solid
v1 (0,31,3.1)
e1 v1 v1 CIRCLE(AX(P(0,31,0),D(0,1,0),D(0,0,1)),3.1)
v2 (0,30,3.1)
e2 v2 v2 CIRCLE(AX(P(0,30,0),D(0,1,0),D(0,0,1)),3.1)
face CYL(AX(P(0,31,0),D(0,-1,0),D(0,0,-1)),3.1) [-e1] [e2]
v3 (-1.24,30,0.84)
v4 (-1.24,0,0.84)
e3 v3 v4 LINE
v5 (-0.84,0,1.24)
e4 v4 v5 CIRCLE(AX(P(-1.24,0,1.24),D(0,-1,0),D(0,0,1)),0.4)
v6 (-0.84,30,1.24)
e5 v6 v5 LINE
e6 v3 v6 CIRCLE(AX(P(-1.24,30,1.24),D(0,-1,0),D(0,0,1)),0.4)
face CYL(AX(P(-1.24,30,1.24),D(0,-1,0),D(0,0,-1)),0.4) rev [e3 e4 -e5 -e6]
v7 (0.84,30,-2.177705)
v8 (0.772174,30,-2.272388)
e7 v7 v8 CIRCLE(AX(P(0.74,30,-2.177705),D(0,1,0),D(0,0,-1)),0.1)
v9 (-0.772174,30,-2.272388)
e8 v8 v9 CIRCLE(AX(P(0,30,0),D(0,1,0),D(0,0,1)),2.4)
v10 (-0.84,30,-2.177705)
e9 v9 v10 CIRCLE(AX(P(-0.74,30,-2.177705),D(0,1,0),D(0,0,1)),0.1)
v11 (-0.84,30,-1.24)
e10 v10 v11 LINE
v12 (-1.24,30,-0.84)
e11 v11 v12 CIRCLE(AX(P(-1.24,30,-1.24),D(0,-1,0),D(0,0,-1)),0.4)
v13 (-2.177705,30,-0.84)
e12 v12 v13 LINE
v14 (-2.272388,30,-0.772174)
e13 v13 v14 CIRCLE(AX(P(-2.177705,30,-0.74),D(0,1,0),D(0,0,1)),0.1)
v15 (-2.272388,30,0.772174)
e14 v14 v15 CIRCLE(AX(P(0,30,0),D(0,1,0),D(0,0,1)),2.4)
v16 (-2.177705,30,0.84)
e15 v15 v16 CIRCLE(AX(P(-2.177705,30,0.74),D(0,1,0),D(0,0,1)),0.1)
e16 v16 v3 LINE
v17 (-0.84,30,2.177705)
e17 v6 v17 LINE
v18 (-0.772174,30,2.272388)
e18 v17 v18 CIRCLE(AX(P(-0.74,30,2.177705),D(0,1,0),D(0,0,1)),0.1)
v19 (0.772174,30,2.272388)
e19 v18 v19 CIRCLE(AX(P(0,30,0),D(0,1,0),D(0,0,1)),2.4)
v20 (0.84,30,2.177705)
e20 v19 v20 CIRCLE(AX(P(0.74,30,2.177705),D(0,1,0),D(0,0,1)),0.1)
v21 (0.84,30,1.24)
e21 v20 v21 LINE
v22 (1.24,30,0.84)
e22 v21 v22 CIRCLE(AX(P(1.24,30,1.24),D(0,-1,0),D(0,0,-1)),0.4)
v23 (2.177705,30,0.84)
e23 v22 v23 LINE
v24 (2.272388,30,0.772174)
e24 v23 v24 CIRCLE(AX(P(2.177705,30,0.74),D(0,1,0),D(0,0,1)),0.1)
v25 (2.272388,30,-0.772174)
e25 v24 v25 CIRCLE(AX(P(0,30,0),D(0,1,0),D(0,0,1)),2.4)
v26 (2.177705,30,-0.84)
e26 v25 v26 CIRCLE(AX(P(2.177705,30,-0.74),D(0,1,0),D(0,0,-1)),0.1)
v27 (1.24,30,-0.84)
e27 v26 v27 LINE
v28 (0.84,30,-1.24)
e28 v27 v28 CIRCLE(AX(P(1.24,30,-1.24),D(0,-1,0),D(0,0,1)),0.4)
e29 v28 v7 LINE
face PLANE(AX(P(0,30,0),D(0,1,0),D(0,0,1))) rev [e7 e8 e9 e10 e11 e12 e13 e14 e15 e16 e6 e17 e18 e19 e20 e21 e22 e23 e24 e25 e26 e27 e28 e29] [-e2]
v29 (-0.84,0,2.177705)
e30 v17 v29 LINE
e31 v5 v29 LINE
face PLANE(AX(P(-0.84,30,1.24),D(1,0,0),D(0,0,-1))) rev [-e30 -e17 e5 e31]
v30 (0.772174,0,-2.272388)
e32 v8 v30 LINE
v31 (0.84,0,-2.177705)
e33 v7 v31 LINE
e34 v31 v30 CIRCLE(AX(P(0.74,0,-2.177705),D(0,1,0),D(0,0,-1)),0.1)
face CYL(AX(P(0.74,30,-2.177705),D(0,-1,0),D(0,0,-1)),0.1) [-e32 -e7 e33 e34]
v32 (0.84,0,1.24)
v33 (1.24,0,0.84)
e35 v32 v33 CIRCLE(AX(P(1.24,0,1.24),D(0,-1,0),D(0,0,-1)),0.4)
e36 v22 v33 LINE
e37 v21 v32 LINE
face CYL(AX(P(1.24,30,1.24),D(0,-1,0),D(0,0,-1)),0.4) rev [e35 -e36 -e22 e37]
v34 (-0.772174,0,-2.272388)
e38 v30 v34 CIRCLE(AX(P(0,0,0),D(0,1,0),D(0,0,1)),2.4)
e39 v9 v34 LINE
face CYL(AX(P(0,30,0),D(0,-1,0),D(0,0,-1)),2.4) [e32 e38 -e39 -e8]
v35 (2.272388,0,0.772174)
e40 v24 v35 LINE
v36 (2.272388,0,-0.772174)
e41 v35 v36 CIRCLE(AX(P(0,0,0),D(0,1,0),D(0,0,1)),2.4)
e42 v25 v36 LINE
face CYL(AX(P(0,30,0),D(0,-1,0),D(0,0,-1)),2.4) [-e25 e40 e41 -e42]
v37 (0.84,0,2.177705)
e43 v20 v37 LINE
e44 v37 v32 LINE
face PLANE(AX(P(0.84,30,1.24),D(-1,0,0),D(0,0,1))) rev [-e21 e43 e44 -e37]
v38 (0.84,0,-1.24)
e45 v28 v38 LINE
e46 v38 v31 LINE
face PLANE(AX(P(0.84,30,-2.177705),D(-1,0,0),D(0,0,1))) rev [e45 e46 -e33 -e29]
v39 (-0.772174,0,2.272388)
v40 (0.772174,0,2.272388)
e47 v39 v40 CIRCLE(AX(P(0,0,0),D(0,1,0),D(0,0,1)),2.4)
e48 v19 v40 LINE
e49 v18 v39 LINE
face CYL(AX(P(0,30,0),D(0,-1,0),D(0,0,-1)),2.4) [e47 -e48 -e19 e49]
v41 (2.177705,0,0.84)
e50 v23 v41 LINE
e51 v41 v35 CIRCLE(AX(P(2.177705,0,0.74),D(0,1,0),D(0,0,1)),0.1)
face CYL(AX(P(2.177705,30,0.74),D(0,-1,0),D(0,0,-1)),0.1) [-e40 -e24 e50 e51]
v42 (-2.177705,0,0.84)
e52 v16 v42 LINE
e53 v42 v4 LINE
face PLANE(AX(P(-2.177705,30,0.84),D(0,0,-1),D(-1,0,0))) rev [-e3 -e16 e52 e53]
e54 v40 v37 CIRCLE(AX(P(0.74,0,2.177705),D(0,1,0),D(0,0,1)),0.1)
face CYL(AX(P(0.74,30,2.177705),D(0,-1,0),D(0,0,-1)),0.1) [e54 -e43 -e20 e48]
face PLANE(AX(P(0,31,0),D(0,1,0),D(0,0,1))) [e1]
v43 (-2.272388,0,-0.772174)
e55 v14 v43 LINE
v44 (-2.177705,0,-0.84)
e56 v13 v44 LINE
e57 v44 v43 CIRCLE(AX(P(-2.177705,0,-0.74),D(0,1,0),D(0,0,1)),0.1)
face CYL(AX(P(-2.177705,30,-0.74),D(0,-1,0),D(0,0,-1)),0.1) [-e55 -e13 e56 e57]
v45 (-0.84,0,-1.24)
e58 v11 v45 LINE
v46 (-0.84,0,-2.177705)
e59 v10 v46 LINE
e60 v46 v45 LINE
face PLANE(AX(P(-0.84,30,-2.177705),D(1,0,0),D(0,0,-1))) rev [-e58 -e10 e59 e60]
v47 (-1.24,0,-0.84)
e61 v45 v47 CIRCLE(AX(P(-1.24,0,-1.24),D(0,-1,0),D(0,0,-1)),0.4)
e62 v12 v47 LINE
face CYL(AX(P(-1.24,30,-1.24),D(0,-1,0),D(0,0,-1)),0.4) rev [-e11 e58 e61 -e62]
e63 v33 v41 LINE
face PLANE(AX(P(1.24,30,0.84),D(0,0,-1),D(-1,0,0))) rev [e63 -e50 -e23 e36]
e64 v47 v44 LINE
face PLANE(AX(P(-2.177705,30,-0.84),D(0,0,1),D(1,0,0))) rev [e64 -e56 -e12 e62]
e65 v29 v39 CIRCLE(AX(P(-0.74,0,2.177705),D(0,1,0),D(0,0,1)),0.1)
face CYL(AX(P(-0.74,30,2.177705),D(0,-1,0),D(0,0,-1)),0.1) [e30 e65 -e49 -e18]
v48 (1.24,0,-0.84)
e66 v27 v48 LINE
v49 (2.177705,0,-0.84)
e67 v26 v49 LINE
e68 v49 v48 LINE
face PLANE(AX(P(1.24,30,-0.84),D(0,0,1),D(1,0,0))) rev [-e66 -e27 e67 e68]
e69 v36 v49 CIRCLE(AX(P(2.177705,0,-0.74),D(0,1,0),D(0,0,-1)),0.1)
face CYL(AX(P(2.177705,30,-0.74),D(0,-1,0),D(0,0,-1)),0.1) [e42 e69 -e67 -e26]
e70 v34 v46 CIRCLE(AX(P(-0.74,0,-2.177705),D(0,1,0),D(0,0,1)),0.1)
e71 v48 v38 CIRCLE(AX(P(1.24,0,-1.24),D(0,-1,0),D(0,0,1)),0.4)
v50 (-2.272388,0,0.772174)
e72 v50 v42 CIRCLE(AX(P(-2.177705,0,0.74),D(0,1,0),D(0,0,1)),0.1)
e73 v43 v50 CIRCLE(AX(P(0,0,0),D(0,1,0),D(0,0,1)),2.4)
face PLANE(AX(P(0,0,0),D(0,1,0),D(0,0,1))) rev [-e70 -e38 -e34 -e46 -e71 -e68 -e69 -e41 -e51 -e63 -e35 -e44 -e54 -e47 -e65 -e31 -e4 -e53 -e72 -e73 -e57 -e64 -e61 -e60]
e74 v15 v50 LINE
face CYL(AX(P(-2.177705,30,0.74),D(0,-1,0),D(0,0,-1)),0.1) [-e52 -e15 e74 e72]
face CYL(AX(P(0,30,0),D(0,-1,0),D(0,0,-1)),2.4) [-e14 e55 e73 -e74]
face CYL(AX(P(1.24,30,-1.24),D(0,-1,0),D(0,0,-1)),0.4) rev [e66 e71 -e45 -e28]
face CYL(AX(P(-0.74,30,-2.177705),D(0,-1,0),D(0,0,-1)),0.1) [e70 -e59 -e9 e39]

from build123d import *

# Parameters (mm, degrees)
SKETCH2_R           = 3.1
BOSS_EXTRUDE1_DEPTH = 31
SKETCH3_R           = 3.1
CUT_EXTRUDE1_DEPTH  = 30


with BuildPart() as part:
    # Sketch2 → Boss-Extrude1 (new body)
    with BuildSketch(Plane(origin=(0, 0, 0), x_dir=(1, 0, 0), z_dir=(0, 1, 0))):
        with Locations(Location((0, 0, 0), (0, 0, 270))):
            Circle(SKETCH2_R)
    extrude(amount=BOSS_EXTRUDE1_DEPTH)

    # Sketch3 → Cut-Extrude1 (cut)
    with BuildSketch(Plane(origin=(0, 0, 0), x_dir=(1, 0, 0), z_dir=(0, 1, 0))):
        with Locations(Location((0, 0, 0), (0, 0, 270))):
            Circle(SKETCH3_R)
        with BuildLine():
            Line((-0.84, -1.24), (-0.84, -2.177705214))
            ThreePointArc((-0.84, -2.177705214), (-0.821293884, -2.235940121), (-0.772173913, -2.27238805))
            ThreePointArc((-0.772173913, -2.27238805), (0, -2.4), (0.772173913, -2.27238805))
            ThreePointArc((0.772173913, -2.27238805), (0.821293884, -2.235940121), (0.84, -2.177705214))
            Line((0.84, -2.177705214), (0.84, -1.24))
            ThreePointArc((0.84, -1.24), (0.957157288, -0.957157288), (1.24, -0.84))
            Line((1.24, -0.84), (2.177705214, -0.84))
            ThreePointArc((2.177705214, -0.84), (2.235940121, -0.821293884), (2.27238805, -0.772173913))
            ThreePointArc((2.27238805, -0.772173913), (2.4, 0), (2.27238805, 0.772173913))
            ThreePointArc((2.27238805, 0.772173913), (2.235940121, 0.821293884), (2.177705214, 0.84))
            Line((2.177705214, 0.84), (1.24, 0.84))
            ThreePointArc((1.24, 0.84), (0.957157288, 0.957157288), (0.84, 1.24))
            Line((0.84, 1.24), (0.84, 2.177705214))
            ThreePointArc((0.84, 2.177705214), (0.821293884, 2.235940121), (0.772173913, 2.27238805))
            ThreePointArc((0.772173913, 2.27238805), (0, 2.4), (-0.772173913, 2.27238805))
            ThreePointArc((-0.772173913, 2.27238805), (-0.821293884, 2.235940121), (-0.84, 2.177705214))
            Line((-0.84, 2.177705214), (-0.84, 1.24))
            ThreePointArc((-0.84, 1.24), (-0.957157288, 0.957157288), (-1.24, 0.84))
            Line((-1.24, 0.84), (-2.177705214, 0.84))
            ThreePointArc((-2.177705214, 0.84), (-2.235940121, 0.821293884), (-2.27238805, 0.772173913))
            ThreePointArc((-2.27238805, 0.772173913), (-2.4, 0), (-2.27238805, -0.772173913))
            ThreePointArc((-2.27238805, -0.772173913), (-2.235940121, -0.821293884), (-2.177705214, -0.84))
            Line((-2.177705214, -0.84), (-1.24, -0.84))
            ThreePointArc((-1.24, -0.84), (-0.957157288, -0.957157288), (-0.84, -1.24))
        make_face(mode=Mode.SUBTRACT)
    extrude(amount=CUT_EXTRUDE1_DEPTH, mode=Mode.SUBTRACT)


solid = part.part
